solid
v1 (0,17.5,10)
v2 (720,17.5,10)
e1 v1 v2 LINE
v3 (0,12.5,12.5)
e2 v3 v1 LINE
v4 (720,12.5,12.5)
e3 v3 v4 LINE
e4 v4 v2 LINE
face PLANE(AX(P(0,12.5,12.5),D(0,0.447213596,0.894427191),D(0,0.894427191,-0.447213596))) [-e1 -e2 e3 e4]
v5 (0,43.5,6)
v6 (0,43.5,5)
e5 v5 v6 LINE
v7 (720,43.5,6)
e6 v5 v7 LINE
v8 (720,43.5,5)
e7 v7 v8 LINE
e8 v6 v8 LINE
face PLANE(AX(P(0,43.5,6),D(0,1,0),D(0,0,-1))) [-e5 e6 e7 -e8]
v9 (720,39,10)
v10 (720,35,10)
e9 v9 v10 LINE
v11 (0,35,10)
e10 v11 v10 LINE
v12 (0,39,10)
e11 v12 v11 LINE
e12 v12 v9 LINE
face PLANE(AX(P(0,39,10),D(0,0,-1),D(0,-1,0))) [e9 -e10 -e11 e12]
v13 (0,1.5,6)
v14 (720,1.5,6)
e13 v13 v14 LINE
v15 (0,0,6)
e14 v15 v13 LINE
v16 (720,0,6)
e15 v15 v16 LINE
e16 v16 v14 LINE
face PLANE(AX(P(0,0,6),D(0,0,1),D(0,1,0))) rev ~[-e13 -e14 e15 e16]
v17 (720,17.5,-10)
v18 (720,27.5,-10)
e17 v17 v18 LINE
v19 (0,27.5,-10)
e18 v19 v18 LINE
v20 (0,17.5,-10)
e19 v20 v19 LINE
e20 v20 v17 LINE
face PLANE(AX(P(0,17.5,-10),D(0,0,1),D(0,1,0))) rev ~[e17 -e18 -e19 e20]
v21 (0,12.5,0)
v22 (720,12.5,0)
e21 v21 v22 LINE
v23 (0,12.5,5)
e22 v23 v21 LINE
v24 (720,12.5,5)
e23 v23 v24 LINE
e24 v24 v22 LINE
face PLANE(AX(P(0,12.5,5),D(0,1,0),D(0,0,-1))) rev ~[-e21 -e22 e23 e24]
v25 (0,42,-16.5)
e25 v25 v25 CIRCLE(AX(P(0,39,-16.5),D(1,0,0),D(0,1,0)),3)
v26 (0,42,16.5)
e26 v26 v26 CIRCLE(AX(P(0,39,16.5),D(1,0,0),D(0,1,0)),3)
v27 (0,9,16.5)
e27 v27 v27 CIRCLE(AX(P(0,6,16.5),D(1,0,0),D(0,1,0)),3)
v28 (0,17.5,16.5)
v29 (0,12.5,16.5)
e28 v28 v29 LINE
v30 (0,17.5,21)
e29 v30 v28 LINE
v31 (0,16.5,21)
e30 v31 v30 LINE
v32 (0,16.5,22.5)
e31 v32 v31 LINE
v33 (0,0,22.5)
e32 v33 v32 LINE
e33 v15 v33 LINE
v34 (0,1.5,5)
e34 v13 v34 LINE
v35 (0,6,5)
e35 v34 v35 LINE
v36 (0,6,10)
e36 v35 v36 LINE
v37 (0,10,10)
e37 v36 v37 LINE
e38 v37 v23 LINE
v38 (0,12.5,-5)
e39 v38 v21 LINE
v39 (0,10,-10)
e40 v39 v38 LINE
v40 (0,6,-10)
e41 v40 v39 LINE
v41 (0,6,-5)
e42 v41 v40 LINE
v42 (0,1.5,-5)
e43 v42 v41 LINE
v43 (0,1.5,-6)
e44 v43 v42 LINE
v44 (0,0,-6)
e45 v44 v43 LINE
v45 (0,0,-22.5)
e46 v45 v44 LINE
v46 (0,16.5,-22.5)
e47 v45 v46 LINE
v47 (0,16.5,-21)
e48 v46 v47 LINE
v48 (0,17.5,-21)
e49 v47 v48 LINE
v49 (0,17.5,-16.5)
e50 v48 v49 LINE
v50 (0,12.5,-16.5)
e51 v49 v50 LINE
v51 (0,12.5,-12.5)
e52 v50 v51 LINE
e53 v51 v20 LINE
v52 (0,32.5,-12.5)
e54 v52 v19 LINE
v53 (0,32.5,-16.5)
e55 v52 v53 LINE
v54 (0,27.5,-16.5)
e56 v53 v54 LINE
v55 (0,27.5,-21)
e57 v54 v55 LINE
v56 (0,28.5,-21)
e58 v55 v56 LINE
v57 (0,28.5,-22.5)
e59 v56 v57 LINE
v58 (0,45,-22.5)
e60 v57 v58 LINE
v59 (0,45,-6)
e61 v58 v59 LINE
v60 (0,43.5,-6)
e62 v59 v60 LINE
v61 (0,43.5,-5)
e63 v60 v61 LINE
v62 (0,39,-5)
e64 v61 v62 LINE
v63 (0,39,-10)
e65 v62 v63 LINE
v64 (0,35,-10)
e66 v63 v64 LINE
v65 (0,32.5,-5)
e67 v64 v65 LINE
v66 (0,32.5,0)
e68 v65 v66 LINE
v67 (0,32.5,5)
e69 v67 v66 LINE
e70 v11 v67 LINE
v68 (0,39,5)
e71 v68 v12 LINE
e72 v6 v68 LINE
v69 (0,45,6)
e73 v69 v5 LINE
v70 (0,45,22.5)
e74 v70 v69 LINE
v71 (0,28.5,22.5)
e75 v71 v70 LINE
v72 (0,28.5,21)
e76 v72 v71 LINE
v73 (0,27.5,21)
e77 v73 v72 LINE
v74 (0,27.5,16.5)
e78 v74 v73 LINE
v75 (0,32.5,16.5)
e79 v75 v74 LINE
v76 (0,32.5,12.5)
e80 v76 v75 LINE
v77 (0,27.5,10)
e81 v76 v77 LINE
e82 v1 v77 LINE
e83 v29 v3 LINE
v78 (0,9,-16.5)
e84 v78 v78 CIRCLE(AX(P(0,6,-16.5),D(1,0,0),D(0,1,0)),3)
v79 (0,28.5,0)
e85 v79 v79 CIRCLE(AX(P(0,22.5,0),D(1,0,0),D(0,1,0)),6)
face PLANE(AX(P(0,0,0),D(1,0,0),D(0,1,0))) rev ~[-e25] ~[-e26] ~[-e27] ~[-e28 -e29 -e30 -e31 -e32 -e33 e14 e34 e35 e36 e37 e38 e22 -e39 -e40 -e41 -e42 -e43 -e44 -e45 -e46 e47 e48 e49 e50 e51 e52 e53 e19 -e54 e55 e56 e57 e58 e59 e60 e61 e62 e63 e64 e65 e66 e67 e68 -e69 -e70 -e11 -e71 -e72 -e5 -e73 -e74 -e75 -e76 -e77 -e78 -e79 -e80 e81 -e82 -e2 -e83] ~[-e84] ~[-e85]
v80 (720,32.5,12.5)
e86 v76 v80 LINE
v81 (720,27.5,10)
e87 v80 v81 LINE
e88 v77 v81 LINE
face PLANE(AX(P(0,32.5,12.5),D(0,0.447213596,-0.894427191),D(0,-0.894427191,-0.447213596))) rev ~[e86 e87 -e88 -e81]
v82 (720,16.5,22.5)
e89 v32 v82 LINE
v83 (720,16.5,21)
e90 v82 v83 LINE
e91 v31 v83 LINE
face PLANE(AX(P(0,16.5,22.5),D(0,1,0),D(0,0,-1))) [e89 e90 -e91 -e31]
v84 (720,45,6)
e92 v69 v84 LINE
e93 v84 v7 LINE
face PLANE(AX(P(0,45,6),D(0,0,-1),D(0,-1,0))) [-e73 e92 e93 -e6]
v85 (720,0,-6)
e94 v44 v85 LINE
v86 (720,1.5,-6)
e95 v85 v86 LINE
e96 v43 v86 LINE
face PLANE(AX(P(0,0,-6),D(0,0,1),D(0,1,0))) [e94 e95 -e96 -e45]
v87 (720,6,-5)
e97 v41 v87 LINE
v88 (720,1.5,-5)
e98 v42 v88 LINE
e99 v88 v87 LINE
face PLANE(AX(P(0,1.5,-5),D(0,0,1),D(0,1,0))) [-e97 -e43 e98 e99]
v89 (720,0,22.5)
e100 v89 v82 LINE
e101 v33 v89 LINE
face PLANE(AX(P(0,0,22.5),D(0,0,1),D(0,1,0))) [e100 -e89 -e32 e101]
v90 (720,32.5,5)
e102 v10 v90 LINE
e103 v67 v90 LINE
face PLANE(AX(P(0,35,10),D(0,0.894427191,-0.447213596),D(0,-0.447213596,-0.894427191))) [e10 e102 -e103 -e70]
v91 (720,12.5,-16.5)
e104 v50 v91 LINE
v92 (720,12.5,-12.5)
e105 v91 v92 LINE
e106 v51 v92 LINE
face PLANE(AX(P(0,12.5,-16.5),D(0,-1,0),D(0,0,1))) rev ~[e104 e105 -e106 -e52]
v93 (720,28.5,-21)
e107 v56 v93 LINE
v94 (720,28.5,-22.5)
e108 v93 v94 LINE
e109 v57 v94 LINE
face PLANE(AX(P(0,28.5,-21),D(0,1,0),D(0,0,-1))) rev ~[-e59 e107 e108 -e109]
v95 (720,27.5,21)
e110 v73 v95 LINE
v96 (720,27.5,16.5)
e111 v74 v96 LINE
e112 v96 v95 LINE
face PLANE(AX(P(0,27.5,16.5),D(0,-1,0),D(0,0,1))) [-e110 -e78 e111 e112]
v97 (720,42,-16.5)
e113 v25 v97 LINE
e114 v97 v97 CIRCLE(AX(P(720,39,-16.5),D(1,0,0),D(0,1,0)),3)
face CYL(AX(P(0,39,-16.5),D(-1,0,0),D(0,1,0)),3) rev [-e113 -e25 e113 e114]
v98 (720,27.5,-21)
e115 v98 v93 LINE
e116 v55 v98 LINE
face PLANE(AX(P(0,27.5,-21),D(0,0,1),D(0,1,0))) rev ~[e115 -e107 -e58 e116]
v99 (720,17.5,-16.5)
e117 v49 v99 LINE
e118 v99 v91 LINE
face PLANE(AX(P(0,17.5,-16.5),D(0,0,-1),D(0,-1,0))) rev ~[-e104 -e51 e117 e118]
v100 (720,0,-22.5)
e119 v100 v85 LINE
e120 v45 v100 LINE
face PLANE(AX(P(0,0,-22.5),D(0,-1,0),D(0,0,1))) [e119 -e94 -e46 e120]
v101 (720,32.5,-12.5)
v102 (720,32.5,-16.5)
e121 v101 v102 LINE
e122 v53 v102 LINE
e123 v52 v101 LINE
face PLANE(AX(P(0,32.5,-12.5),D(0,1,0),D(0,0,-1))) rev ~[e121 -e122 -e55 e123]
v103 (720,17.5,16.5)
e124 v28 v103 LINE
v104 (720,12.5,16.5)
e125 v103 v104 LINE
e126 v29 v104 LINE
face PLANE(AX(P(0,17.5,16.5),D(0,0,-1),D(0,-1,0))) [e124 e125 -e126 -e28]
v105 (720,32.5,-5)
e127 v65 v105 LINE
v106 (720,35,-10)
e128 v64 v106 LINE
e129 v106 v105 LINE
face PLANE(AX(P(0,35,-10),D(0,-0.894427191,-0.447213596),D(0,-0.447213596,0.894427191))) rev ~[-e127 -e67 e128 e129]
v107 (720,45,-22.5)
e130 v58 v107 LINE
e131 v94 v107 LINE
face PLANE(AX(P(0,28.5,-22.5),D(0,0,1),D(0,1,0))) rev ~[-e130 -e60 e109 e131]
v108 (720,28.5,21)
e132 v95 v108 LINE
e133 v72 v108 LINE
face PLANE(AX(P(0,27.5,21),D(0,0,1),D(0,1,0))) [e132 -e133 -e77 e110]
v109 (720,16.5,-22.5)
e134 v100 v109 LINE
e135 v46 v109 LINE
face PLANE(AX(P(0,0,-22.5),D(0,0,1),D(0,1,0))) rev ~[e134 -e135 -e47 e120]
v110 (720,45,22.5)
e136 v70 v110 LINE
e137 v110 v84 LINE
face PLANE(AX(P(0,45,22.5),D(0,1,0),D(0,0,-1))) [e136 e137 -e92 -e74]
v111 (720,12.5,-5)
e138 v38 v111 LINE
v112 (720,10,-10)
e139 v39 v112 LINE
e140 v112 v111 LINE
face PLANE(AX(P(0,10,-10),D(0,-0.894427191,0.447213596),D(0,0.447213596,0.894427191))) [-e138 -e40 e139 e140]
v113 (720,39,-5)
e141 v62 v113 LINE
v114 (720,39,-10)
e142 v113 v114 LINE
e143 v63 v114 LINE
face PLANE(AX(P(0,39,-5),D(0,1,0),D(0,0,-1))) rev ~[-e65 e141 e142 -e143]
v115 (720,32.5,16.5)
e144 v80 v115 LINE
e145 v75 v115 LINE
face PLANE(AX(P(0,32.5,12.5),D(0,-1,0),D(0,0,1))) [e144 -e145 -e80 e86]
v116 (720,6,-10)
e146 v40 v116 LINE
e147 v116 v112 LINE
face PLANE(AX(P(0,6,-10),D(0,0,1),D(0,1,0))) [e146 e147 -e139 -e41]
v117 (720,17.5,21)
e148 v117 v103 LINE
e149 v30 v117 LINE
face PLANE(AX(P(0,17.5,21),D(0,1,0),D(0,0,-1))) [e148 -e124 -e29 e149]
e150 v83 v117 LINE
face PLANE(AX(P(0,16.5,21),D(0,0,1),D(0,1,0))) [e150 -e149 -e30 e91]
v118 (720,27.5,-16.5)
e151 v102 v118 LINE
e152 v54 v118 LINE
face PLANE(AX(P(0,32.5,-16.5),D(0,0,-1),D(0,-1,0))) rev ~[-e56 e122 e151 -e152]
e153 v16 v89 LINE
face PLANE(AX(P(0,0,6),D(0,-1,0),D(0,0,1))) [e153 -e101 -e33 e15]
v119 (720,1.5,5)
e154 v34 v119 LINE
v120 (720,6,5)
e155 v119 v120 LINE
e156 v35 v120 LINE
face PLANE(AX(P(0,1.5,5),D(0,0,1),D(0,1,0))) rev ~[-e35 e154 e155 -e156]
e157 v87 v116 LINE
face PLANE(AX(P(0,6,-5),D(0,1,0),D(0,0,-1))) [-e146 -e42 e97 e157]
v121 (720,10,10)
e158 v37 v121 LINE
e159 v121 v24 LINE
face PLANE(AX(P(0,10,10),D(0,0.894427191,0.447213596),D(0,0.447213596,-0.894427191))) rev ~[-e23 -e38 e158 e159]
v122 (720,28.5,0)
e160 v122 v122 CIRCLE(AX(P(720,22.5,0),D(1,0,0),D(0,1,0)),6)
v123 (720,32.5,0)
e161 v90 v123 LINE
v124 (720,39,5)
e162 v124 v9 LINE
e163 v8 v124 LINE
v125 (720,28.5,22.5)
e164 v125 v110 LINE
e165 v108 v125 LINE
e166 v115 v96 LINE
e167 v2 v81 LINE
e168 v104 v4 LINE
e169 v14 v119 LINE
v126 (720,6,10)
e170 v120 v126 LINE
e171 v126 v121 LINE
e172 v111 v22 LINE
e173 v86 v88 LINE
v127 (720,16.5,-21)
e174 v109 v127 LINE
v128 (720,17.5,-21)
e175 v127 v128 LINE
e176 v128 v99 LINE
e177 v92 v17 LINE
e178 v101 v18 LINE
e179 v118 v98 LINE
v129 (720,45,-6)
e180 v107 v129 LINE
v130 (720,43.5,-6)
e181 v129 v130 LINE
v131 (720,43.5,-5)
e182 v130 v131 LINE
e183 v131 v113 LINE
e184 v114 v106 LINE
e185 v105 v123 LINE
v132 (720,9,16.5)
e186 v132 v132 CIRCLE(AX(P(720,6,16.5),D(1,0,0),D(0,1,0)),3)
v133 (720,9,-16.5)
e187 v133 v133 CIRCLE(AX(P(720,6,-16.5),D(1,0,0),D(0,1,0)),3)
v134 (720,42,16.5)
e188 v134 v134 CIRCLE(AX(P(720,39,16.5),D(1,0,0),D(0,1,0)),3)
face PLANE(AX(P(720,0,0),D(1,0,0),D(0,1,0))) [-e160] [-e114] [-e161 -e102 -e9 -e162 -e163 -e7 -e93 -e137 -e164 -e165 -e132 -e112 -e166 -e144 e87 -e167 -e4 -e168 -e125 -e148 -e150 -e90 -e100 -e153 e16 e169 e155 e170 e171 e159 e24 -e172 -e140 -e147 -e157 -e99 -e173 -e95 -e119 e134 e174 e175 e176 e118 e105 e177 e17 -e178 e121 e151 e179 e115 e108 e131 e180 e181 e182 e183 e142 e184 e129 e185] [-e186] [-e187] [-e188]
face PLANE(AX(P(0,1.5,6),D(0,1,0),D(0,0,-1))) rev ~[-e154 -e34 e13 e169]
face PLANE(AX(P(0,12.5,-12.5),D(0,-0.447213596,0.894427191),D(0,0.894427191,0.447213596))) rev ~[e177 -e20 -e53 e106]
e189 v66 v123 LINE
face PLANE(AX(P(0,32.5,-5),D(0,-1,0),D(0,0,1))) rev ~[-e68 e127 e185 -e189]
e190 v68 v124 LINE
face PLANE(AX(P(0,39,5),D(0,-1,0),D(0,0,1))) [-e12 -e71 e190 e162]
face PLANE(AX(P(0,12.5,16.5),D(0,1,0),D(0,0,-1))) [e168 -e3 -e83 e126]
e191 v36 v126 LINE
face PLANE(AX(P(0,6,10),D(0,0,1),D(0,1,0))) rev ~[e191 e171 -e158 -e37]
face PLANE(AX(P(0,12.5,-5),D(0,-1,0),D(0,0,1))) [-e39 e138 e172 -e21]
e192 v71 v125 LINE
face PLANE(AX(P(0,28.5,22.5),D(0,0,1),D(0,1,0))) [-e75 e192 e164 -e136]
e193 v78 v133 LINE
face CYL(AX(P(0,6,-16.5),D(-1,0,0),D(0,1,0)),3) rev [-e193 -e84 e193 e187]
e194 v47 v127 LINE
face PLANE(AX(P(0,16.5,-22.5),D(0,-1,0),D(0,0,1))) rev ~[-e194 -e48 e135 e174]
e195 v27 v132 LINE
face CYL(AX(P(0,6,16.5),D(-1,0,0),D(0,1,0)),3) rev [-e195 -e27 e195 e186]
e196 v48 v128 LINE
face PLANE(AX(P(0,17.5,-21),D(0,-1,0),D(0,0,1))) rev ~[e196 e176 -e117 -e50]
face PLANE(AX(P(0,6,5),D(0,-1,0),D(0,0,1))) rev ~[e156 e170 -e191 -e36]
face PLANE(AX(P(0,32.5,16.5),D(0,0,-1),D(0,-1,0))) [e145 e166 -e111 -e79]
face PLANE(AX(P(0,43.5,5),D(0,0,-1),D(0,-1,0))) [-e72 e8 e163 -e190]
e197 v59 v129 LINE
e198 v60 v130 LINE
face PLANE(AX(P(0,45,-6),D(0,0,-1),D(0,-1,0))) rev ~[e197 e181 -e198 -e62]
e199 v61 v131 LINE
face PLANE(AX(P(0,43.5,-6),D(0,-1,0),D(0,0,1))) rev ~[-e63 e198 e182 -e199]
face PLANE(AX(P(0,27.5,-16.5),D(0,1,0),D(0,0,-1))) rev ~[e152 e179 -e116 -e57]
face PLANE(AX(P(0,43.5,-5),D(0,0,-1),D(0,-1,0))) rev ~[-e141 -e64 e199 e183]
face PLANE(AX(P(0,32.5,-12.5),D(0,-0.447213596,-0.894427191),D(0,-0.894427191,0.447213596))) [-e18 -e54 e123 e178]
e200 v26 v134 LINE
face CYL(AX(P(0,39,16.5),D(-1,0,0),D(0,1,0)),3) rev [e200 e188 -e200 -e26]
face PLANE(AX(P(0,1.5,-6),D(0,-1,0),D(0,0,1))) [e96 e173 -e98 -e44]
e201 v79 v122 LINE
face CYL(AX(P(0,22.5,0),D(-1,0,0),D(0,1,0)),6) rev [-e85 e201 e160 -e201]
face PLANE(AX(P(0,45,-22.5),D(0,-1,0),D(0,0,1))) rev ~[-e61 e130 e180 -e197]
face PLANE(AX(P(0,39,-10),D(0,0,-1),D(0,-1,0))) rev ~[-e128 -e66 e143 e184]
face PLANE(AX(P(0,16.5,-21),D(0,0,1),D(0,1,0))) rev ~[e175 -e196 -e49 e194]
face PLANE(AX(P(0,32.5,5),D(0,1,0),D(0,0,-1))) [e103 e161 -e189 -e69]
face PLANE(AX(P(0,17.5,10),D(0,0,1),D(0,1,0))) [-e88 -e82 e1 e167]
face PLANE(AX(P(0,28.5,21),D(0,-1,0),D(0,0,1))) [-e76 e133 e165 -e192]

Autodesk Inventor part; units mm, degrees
ref_plane "YZ Plane" through (0, 0, 0) normal (1, 0, 0) x (0, 1, 0)
ref_plane "XZ Plane" through (0, 0, 0) normal (0, 1, 0) x (-1, 0, 0)
ref_plane "XY Plane" through (0, 0, 0) normal (0, 0, 1) x (1, 0, 0)
sketch "Boceto1" plane through (0, 0, 0) normal (1, 0, 0) x (0, 1, 0)
  line L0 (0, 22.5) -> (16.5, 22.5)
  line L1 (16.5, 22.5) -> (16.5, 21)
  line L2 (16.5, 21) -> (17.5, 21)
  line L3 (17.5, 21) -> (17.5, 16.5)
  line L4 (17.5, 16.5) -> (12.5, 16.5)
  line L5 (12.5, 16.5) -> (12.5, 12.5)
  line L6 (12.5, 12.5) -> (17.5, 10)
  line L7 (17.5, 10) -> (27.5, 10)
  line L8 (32.5, 12.5) -> (32.5, 16.5)
  line L9 (32.5, 16.5) -> (27.5, 16.5)
  line L10 (27.5, 16.5) -> (27.5, 21)
  line L11 (27.5, 21) -> (28.5, 21)
  line L12 (28.5, 21) -> (28.5, 22.5)
  line L13 (28.5, 22.5) -> (45, 22.5)
  line L14 (45, 22.5) -> (45, 6)
  line L15 (45, 6) -> (43.5, 6)
  line L16 (43.5, 6) -> (43.5, 5)
  line L17 (43.5, 5) -> (39, 5)
  line L18 (32.5, 12.5) -> (27.5, 10)
  line L19 (0, 0) -> (0, 104.1484) construction
  line L20 (0, 0) -> (99.9828, 0) construction
  line L21 (39, 5) -> (39, 10)
  line L22 (39, 10) -> (35, 10)
  line L23 (35, 10) -> (32.5, 5)
  line L24 (32.5, 5) -> (32.5, 0)
  circle A0 centre (22.5, 0) radius 6
  circle A1 centre (39, 16.5) radius 3
  line L25 (0, 0) -> (68.012, 0) construction
  line L26 (0, -22.5) -> (16.5, -22.5)
  line L27 (16.5, -22.5) -> (16.5, -21)
  line L28 (16.5, -21) -> (17.5, -21)
  line L29 (17.5, -21) -> (17.5, -16.5)
  line L30 (17.5, -16.5) -> (12.5, -16.5)
  line L31 (12.5, -16.5) -> (12.5, -12.5)
  line L32 (12.5, -12.5) -> (17.5, -10)
  line L33 (17.5, -10) -> (27.5, -10)
  line L34 (32.5, -12.5) -> (32.5, -16.5)
  line L35 (32.5, -16.5) -> (27.5, -16.5)
  line L36 (27.5, -16.5) -> (27.5, -21)
  line L37 (27.5, -21) -> (28.5, -21)
  line L38 (28.5, -21) -> (28.5, -22.5)
  line L39 (28.5, -22.5) -> (45, -22.5)
  line L40 (45, -22.5) -> (45, -6)
  line L41 (45, -6) -> (43.5, -6)
  line L42 (43.5, -6) -> (43.5, -5)
  line L43 (43.5, -5) -> (39, -5)
  line L44 (32.5, -12.5) -> (27.5, -10)
  line L45 (39, -5) -> (39, -10)
  line L46 (39, -10) -> (35, -10)
  line L47 (35, -10) -> (32.5, -5)
  line L48 (32.5, -5) -> (32.5, 0)
  circle A2 centre (39, -16.5) radius 3
  line L49 (0, -22.5) -> (0, 22.5)
  line L50 (22.5, -24.7031) -> (22.5, 16.5) construction
  line L51 (0, 6) -> (1.5, 6)
  line L52 (1.5, 6) -> (1.5, 5)
  line L53 (1.5, 5) -> (6, 5)
  line L54 (6, 5) -> (6, 10)
  line L55 (6, 10) -> (10, 10)
  line L56 (10, 10) -> (12.5, 5)
  line L57 (12.5, 5) -> (12.5, 0)
  line L58 (1.5, -6) -> (1.5, -5)
  line L59 (0, -6) -> (1.5, -6)
  line L60 (10, -10) -> (12.5, -5)
  line L61 (6, -5) -> (6, -10)
  line L62 (6, -10) -> (10, -10)
  line L63 (1.5, -5) -> (6, -5)
  line L64 (12.5, -5) -> (12.5, 0)
  circle A3 centre (6, 16.5) radius 3
  circle A4 centre (6, -16.5) radius 3
  point P0 (22.5, 10)
  point P1 (22.5, -10)
  dimension "d1" = 22.5
  dimension "d3" = 20
  dimension "d4" = 1.5
  dimension "d5" = 1.5
  dimension "d6" = 10
  dimension "d7" = 12
  dimension "d8" = 12.5
  dimension "d9" = 22.5
  dimension "d10" = 5
  dimension "d11" = 6
  dimension "d12" = 10
  dimension "d13" = 6
  dimension "d14" = 4
  dimension "d15" = 5
  dimension "d17" = 6
  dimension "d18" = 45
  dimension "d20" = 10
  dimension "d21" = 4
  dimension "d22" = 12.5
  dimension "d23" = 6
  dimension "d24" = 12
  dimension "d25" = 22.5
  dimension "d26" = 6
  dimension "d27" = 39
  dimension "d28" = 16.5
  dimension "d31" = 12.5
extrude "Perfil base" add sketch "Boceto1" along normal blind 720 contours L0 L1 L2 L3 L4 L5 L6 L7 L18 L8 L9 L10 L11 L12 L13 L14 L15 L16 L17 L21 L22 L23 L24 L48 L47 L46 L45 L43 L42 L41 L40 L39 L38 L37 L36 L35 L34 L44 L33 L32 L31 L30 L29 L28 L27 L26 L49 L59 L58 L63 L61 L62 L60 L64 L57 L56 L55 L54 L53 L52 L51
equation "\"d5\" = d4"
equation "\"d10\" = 0.5 * d6"
equation "\"d11\" = 0.5 * d7"
equation "\"d12\" = 0.5 * d3"
equation "\"d15\" = d10"
equation "\"d17\" = d11"
equation "\"d20\" = d12"
equation "\"d21\" = d14"
equation "\"d23\" = d13"
properties part number "Perfil 45X45x720"
